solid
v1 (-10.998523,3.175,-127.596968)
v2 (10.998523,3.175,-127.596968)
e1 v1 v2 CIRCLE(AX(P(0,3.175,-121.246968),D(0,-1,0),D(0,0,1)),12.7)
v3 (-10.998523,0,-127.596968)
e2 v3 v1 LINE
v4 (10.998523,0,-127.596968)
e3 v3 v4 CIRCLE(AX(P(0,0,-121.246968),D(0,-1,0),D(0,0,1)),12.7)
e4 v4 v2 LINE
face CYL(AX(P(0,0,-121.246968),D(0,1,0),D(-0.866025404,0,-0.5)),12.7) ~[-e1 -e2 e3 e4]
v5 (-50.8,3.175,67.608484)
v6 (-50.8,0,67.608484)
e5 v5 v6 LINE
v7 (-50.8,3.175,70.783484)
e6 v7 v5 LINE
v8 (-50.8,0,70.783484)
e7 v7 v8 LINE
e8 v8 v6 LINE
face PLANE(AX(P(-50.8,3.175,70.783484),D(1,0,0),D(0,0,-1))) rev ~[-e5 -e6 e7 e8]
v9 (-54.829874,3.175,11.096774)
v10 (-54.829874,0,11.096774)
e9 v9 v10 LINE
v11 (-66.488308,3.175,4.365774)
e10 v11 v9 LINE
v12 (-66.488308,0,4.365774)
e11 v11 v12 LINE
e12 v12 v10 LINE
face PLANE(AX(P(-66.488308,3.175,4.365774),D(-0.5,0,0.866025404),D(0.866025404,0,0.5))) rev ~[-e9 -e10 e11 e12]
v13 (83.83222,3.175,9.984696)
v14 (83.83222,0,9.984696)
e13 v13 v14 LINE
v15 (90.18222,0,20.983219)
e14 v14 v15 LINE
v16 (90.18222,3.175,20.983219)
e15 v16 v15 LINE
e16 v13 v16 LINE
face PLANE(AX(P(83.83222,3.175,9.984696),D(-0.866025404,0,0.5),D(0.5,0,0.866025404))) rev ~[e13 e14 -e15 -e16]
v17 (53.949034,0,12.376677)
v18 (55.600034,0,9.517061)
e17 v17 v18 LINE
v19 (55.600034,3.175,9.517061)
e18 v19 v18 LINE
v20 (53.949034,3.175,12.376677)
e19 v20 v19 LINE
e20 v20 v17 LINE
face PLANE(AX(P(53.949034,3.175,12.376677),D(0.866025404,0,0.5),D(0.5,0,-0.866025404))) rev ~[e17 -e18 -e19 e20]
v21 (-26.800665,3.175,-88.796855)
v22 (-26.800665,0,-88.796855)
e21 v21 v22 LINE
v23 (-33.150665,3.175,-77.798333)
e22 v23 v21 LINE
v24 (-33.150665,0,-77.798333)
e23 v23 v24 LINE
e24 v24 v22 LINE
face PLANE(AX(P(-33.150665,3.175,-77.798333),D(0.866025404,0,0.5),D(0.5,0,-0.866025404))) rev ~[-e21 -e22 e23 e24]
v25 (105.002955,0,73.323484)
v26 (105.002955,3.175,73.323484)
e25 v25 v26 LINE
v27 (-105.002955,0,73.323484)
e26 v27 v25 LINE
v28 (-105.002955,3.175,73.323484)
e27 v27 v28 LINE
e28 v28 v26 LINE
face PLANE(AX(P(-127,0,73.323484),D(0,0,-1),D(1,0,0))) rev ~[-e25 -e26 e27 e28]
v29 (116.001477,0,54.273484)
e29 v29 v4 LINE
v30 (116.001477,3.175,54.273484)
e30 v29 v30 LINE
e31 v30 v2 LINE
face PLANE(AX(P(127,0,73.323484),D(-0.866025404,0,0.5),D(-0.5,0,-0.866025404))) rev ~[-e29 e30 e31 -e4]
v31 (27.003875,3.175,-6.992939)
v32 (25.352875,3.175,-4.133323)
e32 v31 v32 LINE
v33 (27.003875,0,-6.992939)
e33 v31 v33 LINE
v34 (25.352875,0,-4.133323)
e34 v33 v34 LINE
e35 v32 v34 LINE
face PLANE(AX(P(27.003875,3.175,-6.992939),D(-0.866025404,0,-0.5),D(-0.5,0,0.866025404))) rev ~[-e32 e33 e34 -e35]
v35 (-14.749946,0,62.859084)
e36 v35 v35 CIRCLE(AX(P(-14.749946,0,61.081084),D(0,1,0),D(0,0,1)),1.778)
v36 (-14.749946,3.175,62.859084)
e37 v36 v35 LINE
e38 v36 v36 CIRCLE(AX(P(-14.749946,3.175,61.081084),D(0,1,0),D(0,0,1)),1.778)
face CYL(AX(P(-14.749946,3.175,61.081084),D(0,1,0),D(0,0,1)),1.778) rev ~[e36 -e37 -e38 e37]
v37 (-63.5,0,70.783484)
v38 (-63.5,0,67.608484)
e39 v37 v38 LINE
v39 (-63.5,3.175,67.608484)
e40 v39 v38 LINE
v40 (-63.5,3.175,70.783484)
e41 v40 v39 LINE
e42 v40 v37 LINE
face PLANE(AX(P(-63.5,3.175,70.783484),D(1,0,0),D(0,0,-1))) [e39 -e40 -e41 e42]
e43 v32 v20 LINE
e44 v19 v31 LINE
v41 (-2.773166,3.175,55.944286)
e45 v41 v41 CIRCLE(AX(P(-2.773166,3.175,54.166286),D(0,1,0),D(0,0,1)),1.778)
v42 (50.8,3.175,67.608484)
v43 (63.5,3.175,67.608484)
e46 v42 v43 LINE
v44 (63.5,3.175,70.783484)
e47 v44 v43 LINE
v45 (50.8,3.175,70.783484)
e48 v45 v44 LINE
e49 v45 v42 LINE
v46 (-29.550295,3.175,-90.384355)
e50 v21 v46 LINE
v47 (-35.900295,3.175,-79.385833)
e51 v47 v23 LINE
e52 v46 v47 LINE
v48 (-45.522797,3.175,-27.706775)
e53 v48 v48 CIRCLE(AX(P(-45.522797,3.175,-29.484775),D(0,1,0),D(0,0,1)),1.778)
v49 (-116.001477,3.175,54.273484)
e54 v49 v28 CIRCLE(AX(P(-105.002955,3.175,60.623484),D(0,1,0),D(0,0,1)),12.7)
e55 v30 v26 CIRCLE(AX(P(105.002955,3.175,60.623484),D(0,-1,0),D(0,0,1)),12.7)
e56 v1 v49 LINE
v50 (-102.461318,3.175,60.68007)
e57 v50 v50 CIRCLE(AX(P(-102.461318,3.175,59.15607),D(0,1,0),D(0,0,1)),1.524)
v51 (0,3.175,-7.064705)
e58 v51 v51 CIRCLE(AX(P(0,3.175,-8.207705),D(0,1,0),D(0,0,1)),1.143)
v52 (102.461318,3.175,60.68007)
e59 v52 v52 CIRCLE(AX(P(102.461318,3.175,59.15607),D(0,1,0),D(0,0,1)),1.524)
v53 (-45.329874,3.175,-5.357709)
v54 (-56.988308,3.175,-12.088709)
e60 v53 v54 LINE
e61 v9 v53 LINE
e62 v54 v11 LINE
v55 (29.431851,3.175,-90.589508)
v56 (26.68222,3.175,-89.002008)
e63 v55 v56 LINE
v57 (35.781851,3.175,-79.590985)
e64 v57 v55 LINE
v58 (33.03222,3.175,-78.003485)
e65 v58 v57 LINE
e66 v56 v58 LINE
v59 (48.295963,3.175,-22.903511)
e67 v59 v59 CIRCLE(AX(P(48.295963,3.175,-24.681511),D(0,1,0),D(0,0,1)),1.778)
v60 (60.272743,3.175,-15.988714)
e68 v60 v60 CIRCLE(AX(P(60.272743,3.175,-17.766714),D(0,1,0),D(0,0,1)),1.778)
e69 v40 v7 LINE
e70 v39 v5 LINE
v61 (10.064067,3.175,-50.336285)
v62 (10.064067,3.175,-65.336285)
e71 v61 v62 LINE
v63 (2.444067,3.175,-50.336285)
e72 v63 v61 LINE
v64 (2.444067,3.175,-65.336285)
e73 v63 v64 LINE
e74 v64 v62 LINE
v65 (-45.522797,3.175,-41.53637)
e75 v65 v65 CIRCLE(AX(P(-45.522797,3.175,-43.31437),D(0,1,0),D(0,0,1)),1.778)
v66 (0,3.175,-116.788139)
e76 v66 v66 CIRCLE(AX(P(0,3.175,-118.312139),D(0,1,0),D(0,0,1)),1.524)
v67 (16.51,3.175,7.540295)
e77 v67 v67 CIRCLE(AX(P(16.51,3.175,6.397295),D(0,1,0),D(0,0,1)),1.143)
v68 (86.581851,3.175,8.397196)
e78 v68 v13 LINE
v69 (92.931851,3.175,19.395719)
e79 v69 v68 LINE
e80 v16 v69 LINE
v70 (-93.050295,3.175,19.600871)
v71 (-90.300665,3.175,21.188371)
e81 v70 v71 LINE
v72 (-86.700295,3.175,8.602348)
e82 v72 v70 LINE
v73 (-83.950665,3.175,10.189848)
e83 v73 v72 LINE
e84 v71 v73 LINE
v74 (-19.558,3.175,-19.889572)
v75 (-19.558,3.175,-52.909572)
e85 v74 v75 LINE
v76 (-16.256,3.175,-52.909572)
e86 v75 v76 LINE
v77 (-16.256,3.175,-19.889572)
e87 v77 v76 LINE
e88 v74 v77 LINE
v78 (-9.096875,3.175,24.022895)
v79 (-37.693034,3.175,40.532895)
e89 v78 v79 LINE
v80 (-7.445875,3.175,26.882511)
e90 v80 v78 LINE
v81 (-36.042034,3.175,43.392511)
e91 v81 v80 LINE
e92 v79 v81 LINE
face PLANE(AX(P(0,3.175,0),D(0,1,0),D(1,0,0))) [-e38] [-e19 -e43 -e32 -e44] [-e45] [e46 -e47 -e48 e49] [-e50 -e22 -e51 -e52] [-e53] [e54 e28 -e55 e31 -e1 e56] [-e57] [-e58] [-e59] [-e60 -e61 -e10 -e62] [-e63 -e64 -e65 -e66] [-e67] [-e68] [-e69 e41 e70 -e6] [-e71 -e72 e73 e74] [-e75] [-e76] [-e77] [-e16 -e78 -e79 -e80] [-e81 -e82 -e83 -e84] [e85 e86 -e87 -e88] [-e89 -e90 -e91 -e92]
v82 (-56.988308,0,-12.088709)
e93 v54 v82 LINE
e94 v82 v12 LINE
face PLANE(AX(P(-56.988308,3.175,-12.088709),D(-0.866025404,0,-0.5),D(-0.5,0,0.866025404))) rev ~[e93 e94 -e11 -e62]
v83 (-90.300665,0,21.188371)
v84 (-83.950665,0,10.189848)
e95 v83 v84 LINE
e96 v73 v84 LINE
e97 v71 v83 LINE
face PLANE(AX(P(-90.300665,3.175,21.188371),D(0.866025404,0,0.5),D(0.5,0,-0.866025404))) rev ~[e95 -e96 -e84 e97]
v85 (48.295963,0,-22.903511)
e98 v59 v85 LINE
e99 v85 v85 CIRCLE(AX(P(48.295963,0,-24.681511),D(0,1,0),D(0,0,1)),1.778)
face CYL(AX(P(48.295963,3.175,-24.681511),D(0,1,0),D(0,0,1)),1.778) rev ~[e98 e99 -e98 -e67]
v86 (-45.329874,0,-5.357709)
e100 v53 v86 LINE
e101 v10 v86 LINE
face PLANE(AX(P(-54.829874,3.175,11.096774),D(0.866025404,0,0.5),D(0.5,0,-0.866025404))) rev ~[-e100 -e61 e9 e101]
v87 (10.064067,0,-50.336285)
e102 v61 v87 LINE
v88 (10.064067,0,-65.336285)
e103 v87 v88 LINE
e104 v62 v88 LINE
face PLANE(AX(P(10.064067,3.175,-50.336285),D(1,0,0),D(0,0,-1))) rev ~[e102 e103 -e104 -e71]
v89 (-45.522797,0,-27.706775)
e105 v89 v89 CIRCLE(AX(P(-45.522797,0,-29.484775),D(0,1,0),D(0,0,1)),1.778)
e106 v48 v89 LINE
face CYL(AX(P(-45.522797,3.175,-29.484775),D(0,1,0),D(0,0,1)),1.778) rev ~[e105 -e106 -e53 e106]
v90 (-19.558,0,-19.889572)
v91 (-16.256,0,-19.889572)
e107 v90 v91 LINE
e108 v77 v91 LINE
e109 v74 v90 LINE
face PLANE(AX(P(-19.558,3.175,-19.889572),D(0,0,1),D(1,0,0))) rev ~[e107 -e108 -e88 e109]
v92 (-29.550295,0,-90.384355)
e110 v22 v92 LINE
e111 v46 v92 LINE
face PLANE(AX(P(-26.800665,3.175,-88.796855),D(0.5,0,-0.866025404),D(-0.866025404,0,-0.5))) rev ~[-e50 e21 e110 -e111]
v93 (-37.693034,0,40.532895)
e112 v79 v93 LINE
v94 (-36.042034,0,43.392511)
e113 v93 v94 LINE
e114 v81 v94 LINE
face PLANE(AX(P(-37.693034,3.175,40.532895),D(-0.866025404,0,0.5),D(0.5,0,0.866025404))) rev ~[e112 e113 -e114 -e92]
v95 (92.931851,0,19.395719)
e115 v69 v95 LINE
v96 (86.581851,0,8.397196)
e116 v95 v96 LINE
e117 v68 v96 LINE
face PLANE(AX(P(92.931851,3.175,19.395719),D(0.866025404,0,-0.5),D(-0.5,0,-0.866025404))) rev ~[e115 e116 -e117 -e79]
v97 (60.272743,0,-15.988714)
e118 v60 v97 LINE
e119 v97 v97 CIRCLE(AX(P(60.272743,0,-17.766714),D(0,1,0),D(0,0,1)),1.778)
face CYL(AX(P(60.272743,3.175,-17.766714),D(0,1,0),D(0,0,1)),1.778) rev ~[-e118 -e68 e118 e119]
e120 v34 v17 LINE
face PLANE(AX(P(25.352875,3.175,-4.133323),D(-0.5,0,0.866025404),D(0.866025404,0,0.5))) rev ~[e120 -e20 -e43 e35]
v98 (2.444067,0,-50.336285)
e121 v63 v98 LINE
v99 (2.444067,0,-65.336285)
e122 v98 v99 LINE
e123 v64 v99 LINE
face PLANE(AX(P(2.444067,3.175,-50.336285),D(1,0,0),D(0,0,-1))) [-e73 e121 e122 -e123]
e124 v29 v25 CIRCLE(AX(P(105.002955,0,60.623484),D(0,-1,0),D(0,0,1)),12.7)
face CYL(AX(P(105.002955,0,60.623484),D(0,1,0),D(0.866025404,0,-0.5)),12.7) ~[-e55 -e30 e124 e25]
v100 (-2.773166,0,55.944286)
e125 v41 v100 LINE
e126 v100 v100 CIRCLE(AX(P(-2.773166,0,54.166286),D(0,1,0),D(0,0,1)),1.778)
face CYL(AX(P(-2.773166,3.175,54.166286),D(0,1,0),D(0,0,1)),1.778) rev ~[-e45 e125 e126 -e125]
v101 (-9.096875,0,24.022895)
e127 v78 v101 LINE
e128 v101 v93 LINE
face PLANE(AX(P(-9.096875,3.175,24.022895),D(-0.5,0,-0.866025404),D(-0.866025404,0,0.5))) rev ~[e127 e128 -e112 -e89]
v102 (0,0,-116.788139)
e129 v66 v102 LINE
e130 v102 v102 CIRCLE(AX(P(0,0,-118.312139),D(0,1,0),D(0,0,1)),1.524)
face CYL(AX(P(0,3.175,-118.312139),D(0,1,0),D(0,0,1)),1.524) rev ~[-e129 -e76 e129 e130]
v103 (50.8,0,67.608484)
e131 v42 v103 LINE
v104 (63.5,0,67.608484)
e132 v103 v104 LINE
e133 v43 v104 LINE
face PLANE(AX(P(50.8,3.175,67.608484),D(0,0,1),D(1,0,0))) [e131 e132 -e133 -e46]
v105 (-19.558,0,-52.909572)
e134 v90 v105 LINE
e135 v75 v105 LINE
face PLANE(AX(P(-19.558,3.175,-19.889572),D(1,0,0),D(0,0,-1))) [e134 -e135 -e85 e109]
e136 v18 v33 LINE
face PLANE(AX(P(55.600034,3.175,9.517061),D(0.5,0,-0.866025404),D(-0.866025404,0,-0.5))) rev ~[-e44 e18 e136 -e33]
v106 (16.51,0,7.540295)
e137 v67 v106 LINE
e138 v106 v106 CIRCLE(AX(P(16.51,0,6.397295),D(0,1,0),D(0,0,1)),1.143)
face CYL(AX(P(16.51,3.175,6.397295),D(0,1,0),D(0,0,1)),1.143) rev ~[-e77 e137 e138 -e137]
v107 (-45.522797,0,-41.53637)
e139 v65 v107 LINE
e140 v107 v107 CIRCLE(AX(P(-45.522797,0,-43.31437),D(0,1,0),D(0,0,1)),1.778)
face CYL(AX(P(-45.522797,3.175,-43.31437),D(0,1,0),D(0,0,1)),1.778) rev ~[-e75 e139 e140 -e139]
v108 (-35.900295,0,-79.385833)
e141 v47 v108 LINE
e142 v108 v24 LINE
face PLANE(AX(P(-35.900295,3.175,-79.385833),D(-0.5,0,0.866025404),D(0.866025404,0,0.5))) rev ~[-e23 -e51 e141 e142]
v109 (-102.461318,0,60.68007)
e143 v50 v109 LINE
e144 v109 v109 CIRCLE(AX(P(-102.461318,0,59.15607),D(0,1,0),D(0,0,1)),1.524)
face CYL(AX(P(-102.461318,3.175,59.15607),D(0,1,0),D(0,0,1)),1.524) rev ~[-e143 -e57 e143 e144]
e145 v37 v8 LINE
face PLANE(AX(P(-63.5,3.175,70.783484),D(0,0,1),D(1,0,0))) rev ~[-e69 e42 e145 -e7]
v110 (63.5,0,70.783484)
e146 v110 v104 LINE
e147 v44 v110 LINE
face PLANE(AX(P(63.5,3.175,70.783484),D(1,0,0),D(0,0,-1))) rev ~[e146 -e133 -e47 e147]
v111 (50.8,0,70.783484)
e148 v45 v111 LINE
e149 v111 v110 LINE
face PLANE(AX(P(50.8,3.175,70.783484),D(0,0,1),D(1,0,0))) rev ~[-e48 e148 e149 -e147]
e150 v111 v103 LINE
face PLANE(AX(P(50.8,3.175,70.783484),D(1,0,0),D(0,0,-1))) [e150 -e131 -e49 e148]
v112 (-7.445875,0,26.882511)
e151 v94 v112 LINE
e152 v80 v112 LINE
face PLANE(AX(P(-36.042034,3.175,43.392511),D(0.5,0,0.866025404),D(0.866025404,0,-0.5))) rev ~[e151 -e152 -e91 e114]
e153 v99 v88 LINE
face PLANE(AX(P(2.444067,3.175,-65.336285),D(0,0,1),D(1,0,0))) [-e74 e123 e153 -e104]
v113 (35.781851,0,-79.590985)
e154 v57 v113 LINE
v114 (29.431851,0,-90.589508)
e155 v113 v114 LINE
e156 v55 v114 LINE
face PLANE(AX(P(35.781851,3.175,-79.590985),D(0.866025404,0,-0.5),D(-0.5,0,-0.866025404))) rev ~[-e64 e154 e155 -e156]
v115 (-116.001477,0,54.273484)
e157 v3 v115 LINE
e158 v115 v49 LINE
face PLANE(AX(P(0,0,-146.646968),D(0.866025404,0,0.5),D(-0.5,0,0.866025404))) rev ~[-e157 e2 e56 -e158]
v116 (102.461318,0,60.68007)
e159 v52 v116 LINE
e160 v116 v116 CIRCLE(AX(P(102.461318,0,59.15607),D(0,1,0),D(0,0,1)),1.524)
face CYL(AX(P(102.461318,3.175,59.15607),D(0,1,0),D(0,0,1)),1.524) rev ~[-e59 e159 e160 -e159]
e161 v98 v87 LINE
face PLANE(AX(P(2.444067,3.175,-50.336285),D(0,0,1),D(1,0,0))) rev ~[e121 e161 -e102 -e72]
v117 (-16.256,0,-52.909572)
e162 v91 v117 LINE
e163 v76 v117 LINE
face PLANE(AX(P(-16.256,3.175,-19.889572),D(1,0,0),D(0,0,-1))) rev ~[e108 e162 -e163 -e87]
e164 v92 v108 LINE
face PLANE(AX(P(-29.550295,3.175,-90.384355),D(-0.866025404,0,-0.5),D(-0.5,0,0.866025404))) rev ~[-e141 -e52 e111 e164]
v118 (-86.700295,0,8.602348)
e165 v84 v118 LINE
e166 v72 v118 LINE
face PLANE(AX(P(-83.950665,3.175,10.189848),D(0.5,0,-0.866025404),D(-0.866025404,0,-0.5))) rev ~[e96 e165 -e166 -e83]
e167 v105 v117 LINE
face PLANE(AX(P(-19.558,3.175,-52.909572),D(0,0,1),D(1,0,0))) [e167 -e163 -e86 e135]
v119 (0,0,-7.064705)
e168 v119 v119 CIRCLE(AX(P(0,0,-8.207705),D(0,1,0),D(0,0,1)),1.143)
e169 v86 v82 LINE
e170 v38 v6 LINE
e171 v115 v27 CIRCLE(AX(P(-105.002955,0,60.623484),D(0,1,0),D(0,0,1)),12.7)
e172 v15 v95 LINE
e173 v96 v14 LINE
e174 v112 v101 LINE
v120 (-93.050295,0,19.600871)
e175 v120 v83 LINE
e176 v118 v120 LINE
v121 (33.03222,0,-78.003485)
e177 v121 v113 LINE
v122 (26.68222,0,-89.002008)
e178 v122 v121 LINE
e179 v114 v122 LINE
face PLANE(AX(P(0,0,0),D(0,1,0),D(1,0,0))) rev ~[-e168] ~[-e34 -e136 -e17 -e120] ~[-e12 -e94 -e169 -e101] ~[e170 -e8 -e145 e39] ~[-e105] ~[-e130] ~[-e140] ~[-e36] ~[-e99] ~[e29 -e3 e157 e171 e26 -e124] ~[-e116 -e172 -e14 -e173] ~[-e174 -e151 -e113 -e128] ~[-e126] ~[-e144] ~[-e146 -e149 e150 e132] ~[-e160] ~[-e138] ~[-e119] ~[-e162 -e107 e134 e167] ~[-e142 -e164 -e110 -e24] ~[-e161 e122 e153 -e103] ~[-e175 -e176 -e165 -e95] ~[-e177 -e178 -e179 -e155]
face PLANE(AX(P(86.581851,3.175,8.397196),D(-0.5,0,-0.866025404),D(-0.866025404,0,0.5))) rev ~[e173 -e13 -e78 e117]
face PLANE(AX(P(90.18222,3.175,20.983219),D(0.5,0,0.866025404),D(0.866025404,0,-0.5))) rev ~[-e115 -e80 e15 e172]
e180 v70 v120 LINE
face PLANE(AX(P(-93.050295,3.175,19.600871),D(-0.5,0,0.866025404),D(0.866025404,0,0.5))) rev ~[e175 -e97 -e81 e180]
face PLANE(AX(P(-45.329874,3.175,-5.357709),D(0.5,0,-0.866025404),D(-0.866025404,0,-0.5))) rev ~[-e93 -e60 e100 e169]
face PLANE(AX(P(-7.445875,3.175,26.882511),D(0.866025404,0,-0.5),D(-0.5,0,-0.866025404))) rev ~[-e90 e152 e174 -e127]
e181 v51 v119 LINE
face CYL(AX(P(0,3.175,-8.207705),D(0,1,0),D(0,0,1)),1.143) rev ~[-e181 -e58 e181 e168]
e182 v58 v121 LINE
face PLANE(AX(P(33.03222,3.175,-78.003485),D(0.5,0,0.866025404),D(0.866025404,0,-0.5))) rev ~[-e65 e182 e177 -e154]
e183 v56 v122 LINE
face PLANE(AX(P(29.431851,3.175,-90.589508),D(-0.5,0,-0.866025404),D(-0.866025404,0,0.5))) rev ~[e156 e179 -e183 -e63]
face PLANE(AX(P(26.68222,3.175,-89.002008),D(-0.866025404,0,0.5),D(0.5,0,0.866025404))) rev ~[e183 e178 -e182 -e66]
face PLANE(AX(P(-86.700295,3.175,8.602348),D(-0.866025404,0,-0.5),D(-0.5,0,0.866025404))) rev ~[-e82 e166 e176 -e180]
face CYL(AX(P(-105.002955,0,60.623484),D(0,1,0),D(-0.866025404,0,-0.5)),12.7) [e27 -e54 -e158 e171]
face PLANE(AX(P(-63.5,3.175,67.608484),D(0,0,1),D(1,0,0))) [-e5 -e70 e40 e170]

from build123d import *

# Parameters (mm, degrees)
BOSS_EXTRUDE1_DEPTH = 3.175
SKETCH2_W           = 3.302
SKETCH2_H           = 33.02
SKETCH2_R           = 1.778
CUT_EXTRUDE1_DEPTH  = 195.021684248
SKETCH3_R           = 1.524
CUT_EXTRUDE2_DEPTH  = 195.021684248
SKETCH4_R           = 1.143
CUT_EXTRUDE3_DEPTH  = 195.021684248
FILLET1_R           = 12.7
SKETCH5_W           = 12.7
SKETCH5_H           = 3.175
CUT_EXTRUDE4_DEPTH  = 179.341965104
CUT_EXTRUDE5_DEPTH  = 179.341965104
SKETCH9_W           = 7.62
SKETCH9_H           = 15
CUT_EXTRUDE8_DEPTH  = 179.341965104


with BuildPart() as part:
    # Sketch1 → Boss-Extrude1 (new body)
    with BuildSketch(Plane(origin=(0, 0, 0), x_dir=(1, 0, 0), z_dir=(0, 1, 0))):
        Polygon((0, 146.646968374), (-127, -73.323484187), (127, -73.323484187), align=None)
    extrude(amount=BOSS_EXTRUDE1_DEPTH)

    # Sketch2 → Cut-Extrude1 (cut, through all)
    with BuildSketch(Plane(origin=(0, 3.175, 0), x_dir=(1, 0, 0), z_dir=(0, 1, 0))):
        with Locations((-17.907, 36.399572365)):
            Rectangle(SKETCH2_W, SKETCH2_H)
        with Locations(Location((-45.522797213, 43.314369578, 0), (0, 0, 270))):
            Circle(SKETCH2_R)
        with Locations(Location((-45.522797213, 29.484775151, 0), (0, 0, 270))):
            Circle(SKETCH2_R)
        with Locations(Location((-14.749945797, -61.081083627, 0), (0, 0, 270))):
            Circle(SKETCH2_R)
        with Locations(Location((-2.773165699, -54.166286414, 0), (0, 0, 270))):
            Circle(SKETCH2_R)
        Polygon((-7.445874938, -26.882511029), (-9.096874938, -24.022895146), (-37.693033771, -40.532895146), (-36.042033771, -43.392511029), align=None)
        Polygon((55.600033771, -9.517061335), (27.003874938, 6.992938665), (25.352874938, 4.133322782), (53.949033771, -12.376677218), align=None)
        with Locations(Location((48.295962913, 24.681511262, 0), (0, 0, 270))):
            Circle(SKETCH2_R)
        with Locations(Location((60.27274301, 17.766714049, 0), (0, 0, 270))):
            Circle(SKETCH2_R)
    extrude(amount=-CUT_EXTRUDE1_DEPTH, mode=Mode.SUBTRACT)

    # Sketch3 → Cut-Extrude2 (cut, through all)
    with BuildSketch(Plane(origin=(0, 3.175, 0), x_dir=(1, 0, 0), z_dir=(0, 1, 0))):
        with Locations(Location((0, 118.312139176, 0), (0, 0, 270))):
            Circle(SKETCH3_R)
        with Locations(Location((-102.461318102, -59.156069588, 0), (0, 0, 270))):
            Circle(SKETCH3_R)
        with Locations(Location((102.461318102, -59.156069588, 0), (0, 0, 270))):
            Circle(SKETCH3_R)
    extrude(amount=-CUT_EXTRUDE2_DEPTH, mode=Mode.SUBTRACT)

    # Sketch4 → Cut-Extrude3 (cut, through all)
    with BuildSketch(Plane(origin=(0, 3.175, 0), x_dir=(1, 0, 0), z_dir=(0, 1, 0))):
        with Locations(Location((0, 8.207705491, 0), (0, 0, 270))):
            Circle(SKETCH4_R)
        with Locations(Location((16.51, -6.397294509, 0), (0, 0, 270))):
            Circle(SKETCH4_R)
    extrude(amount=-CUT_EXTRUDE3_DEPTH, mode=Mode.SUBTRACT)

    # Fillet1
    fillet1_edges = [part.edges().sort_by_distance(p)[0] for p in [
        (127, 1.5875, 73.323484187),
        (-127, 1.5875, 73.323484187),
        (0, 1.5875, -146.646968374),
    ]]
    fillet(fillet1_edges, radius=FILLET1_R)

    # Sketch5 → Cut-Extrude4 (cut, through all)
    with BuildSketch(Plane(origin=(0, 3.175, 0), x_dir=(1, 0, 0), z_dir=(0, 1, 0))):
        with Locations((-57.15, -69.195984187)):
            Rectangle(SKETCH5_W, SKETCH5_H)
        with Locations((57.15, -69.195984187)):
            Rectangle(SKETCH5_W, SKETCH5_H)
        Polygon((92.931850743, -19.395718754), (86.581850743, -8.397196126), (83.832220086, -9.984696126), (90.182220086, -20.983218754), align=None)
        Polygon((33.032220086, 78.003484899), (35.781850743, 79.590984899), (29.431850743, 90.589507527), (26.682220086, 89.002007527), align=None)
        Polygon((-29.550295474, 90.384355234), (-35.900295474, 79.385832606), (-33.150664817, 77.798332606), (-26.800664817, 88.796855234), align=None)
        Polygon((-83.950664817, -10.189848419), (-86.700295474, -8.602348419), (-93.050295474, -19.600871047), (-90.300664817, -21.188371047), align=None)
    extrude(amount=-CUT_EXTRUDE4_DEPTH, mode=Mode.SUBTRACT)

    # Sketch6 → Cut-Extrude5 (cut, through all)
    with BuildSketch(Plane(origin=(0, 3.175, 0), x_dir=(1, 0, 0), z_dir=(0, 1, 0))):
        Polygon((-54.829873821, -11.096773597), (-45.329873821, 5.357709075), (-56.988307807, 12.088709075), (-66.488307807, -4.365773597), align=None)
    extrude(amount=-CUT_EXTRUDE5_DEPTH, mode=Mode.SUBTRACT)

    # Sketch9 → Cut-Extrude8 (cut, through all)
    with BuildSketch(Plane(origin=(0, 3.175, 0), x_dir=(1, 0, 0), z_dir=(0, 1, 0))):
        with Locations((6.254067487, 57.836284876)):
            Rectangle(SKETCH9_W, SKETCH9_H)
    extrude(amount=-CUT_EXTRUDE8_DEPTH, mode=Mode.SUBTRACT)


solid = part.part
